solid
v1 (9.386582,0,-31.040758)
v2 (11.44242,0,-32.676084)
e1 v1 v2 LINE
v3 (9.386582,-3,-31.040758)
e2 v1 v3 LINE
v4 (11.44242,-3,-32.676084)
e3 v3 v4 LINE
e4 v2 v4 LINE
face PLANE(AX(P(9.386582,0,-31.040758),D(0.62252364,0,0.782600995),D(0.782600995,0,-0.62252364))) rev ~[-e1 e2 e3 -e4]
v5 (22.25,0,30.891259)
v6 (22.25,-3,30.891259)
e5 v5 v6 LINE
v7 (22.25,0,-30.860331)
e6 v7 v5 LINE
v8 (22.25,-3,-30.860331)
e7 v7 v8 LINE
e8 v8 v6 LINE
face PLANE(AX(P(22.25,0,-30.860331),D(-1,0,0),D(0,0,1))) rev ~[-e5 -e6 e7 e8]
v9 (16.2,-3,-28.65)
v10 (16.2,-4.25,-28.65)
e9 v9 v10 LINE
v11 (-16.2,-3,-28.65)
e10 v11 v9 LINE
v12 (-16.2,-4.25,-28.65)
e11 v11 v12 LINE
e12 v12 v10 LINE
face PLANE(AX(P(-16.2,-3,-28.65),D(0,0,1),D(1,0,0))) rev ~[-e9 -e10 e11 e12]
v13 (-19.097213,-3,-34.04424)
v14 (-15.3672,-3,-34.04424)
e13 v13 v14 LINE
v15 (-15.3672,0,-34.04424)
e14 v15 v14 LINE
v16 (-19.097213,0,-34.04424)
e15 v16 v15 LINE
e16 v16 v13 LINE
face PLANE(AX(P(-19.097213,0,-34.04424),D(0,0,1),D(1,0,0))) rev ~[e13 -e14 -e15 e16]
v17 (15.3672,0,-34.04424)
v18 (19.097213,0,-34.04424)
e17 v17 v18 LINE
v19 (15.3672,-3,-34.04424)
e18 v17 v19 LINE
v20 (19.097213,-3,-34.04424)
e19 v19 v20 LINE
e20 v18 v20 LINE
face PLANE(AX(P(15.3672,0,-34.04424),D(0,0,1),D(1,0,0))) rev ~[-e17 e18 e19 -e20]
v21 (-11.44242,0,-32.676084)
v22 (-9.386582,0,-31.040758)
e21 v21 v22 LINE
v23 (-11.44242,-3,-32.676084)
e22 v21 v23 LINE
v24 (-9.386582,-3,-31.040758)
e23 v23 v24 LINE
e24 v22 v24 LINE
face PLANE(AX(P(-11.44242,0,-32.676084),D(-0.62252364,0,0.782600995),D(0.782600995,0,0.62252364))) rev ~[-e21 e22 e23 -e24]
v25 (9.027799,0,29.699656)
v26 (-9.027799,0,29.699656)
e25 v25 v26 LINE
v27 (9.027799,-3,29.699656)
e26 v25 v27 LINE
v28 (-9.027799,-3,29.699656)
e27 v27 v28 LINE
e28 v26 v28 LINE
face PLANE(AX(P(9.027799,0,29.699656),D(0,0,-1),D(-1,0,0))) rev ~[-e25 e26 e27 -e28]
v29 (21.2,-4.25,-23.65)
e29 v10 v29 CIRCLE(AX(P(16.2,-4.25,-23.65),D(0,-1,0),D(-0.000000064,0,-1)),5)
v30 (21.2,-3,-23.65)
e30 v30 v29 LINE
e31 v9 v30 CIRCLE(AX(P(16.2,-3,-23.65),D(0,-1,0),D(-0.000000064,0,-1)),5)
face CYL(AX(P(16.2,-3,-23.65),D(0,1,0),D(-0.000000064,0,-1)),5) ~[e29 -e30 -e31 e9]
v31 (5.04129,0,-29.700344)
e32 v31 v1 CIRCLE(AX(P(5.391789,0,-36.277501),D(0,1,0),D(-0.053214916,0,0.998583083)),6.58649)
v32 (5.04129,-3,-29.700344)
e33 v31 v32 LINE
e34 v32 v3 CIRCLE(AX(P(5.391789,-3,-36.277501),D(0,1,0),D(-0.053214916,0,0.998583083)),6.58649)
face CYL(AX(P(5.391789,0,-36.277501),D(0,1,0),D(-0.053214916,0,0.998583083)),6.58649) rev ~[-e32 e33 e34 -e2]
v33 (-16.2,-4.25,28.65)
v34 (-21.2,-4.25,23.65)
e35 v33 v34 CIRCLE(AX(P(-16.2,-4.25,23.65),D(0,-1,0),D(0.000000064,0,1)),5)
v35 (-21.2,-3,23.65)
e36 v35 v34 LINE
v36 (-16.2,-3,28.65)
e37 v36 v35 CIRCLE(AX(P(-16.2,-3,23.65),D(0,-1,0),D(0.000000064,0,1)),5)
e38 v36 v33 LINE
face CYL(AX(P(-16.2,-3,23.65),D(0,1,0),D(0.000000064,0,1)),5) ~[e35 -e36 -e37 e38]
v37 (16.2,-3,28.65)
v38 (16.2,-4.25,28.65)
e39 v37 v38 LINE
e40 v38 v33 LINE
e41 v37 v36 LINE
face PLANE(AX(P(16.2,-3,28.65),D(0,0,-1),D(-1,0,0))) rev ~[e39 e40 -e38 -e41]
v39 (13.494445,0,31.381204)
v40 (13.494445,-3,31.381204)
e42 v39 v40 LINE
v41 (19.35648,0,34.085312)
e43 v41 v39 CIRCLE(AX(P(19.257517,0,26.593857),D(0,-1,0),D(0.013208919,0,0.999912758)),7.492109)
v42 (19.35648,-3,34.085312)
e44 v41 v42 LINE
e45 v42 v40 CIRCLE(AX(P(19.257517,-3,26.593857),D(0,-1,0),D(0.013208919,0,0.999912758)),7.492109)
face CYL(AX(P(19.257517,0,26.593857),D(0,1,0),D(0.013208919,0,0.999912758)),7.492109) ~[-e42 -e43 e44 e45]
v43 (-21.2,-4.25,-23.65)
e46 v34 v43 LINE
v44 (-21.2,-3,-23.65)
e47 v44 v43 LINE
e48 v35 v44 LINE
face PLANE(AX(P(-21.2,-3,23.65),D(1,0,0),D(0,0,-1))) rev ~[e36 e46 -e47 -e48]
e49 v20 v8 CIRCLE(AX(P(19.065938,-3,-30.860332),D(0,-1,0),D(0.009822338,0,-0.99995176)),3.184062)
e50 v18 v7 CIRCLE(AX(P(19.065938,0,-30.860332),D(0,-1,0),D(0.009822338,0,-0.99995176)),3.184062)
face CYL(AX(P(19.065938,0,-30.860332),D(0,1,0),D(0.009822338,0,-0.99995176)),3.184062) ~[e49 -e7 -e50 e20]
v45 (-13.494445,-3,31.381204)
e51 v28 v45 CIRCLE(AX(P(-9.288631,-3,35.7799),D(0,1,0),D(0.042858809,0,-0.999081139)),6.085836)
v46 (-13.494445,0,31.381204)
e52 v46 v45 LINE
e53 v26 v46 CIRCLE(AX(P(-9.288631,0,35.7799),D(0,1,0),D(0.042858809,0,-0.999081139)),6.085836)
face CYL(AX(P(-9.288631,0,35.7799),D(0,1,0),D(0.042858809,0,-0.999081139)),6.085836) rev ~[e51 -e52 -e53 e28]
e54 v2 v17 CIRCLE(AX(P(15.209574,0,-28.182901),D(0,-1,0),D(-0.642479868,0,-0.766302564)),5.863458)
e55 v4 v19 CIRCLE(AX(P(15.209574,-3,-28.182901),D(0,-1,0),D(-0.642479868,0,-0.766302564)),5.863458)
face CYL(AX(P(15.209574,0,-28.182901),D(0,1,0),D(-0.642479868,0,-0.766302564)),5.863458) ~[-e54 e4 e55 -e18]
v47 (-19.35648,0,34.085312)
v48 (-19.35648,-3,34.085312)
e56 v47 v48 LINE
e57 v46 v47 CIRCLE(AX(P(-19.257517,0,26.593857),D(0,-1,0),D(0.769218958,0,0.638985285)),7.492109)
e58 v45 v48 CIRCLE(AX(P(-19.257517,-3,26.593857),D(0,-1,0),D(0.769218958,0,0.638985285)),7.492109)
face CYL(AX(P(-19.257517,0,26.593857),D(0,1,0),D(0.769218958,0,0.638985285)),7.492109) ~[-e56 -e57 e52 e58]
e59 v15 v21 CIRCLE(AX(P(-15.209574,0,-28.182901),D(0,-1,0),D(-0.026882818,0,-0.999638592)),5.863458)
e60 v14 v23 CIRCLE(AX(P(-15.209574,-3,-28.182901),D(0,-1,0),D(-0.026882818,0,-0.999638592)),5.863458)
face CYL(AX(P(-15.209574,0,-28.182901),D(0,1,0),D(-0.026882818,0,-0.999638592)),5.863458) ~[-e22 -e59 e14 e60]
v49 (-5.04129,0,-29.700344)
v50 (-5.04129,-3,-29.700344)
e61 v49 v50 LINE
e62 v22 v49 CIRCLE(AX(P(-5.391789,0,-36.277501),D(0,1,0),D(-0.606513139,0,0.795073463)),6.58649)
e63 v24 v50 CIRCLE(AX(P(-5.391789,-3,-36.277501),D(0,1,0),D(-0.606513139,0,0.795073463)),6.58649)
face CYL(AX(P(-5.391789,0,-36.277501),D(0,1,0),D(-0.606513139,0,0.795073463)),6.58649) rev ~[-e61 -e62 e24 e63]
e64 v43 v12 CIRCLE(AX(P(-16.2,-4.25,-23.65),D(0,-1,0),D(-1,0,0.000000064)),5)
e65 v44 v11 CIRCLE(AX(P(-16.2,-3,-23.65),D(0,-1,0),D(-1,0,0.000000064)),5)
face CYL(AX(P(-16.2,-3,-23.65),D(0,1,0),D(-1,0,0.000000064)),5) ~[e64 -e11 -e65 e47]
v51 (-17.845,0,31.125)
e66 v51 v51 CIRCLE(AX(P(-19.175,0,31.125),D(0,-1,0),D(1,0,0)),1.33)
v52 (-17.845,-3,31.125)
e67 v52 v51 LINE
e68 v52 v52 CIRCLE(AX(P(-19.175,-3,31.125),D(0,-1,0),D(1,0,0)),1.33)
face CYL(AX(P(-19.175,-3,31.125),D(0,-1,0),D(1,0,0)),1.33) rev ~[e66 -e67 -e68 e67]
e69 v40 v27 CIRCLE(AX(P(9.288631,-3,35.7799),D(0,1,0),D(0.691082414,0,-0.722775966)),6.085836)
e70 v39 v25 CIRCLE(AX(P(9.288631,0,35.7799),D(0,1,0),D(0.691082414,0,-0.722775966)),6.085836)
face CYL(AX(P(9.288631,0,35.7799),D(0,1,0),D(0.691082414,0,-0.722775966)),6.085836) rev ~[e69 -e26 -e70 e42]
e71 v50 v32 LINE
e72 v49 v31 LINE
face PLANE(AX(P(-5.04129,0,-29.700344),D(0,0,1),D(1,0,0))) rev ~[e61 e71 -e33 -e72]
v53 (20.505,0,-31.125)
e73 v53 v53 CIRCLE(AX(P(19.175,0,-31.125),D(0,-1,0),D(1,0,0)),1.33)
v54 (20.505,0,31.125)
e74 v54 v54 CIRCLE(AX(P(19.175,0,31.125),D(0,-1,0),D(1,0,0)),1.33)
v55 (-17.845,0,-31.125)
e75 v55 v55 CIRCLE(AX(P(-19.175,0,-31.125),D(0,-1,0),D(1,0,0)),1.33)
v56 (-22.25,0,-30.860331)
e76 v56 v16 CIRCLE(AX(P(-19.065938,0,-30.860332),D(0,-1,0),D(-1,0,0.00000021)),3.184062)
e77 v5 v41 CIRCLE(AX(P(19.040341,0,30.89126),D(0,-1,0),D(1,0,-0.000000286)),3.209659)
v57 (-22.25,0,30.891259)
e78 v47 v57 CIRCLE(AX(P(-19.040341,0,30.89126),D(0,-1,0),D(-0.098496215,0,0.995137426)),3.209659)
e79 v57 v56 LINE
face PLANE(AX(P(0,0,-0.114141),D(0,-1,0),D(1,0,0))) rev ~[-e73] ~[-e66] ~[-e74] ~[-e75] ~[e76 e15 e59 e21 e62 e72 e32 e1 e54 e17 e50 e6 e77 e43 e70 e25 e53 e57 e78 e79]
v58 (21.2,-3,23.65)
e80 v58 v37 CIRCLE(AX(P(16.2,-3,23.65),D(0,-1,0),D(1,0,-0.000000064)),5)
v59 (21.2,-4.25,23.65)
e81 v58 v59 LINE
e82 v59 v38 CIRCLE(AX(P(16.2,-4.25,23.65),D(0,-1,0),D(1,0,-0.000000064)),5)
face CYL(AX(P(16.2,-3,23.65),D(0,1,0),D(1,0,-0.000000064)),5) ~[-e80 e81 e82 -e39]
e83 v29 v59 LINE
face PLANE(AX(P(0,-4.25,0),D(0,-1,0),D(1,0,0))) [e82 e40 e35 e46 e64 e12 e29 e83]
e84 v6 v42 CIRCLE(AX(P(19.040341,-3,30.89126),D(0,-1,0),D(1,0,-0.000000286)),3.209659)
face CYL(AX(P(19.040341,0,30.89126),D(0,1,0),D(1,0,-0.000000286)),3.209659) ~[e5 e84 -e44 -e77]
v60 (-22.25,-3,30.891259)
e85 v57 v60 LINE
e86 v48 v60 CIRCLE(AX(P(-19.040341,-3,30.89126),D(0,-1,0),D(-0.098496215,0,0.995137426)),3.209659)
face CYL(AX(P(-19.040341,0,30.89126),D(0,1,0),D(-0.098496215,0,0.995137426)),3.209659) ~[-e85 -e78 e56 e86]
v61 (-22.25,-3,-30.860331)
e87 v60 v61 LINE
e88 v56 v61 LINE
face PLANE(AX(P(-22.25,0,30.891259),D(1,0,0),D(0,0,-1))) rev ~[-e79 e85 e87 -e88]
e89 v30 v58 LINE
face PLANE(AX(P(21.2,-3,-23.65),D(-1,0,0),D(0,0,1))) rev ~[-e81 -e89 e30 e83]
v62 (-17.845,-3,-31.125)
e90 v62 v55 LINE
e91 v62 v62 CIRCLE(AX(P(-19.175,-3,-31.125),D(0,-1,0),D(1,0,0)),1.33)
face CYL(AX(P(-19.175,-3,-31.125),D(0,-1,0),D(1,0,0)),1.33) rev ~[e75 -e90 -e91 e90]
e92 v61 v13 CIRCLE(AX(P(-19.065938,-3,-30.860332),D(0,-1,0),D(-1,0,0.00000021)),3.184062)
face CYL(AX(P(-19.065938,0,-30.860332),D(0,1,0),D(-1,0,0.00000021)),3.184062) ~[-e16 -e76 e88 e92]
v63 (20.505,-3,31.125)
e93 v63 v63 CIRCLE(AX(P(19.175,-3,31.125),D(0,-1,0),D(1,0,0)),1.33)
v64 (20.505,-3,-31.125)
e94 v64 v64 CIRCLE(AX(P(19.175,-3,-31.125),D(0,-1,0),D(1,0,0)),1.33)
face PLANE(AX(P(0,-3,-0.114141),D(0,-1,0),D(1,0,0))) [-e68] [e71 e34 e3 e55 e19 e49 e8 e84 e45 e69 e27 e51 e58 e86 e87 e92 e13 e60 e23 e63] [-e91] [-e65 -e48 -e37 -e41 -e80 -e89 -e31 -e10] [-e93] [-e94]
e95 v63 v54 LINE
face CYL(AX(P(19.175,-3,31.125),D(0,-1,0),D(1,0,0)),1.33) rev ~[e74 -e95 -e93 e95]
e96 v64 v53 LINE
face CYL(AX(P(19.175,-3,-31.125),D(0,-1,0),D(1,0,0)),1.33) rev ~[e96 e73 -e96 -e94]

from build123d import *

# Parameters (mm, degrees)
F1_DEPTH = 3
F3_DEPTH = 1.25
F4_R     = 1.33
F5_DEPTH = 3.001


with BuildPart() as f1:
    # F0 (on Front) → F1 (new body)
    with BuildSketch(Plane.XZ):
        with BuildLine():
            ThreePointArc((-19.35648, 34.085312), (-21.41906, 33.046163), (-22.25, 30.891259))
            Line((-22.25, 30.891259), (-22.25, -30.860331))
            ThreePointArc((-22.25, -30.860331), (-21.32844, -33.100719), (-19.097213, -34.04424))
            Line((-19.097213, -34.04424), (-15.3672, -34.04424))
            ThreePointArc((-15.3672, -34.04424), (-13.279512, -33.719597), (-11.44242, -32.676084))
            Line((-11.44242, -32.676084), (-9.386582, -31.040758))
            ThreePointArc((-9.386582, -31.040758), (-7.333283, -29.983659), (-5.04129, -29.700344))
            Line((-5.04129, -29.700344), (0, -29.700344))
            Line((0, -29.700344), (5.04129, -29.700344))
            ThreePointArc((5.04129, -29.700344), (7.333283, -29.983659), (9.386582, -31.040758))
            Line((9.386582, -31.040758), (11.44242, -32.676084))
            ThreePointArc((11.44242, -32.676084), (13.279512, -33.719597), (15.3672, -34.04424))
            Line((15.3672, -34.04424), (19.097213, -34.04424))
            ThreePointArc((19.097213, -34.04424), (21.32844, -33.100719), (22.25, -30.860331))
            Line((22.25, -30.860331), (22.25, 30.891259))
            ThreePointArc((22.25, 30.891259), (21.41906, 33.046163), (19.35648, 34.085312))
            ThreePointArc((19.35648, 34.085312), (16.119272, 33.397026), (13.494445, 31.381204))
            ThreePointArc((13.494445, 31.381204), (11.432837, 30.084307), (9.027799, 29.699656))
            Line((9.027799, 29.699656), (0, 29.699656))
            Line((0, 29.699656), (-9.027799, 29.699656))
            ThreePointArc((-9.027799, 29.699656), (-11.432837, 30.084307), (-13.494445, 31.381204))
            ThreePointArc((-13.494445, 31.381204), (-16.119272, 33.397026), (-19.35648, 34.085312))
        make_face()
    extrude(amount=F1_DEPTH)

    # F2 (on face) → F3 (join)
    with BuildSketch(Plane.XZ.offset(3)):
        with BuildLine():
            Line((16.2, 28.65), (-16.2, 28.65))
            ThreePointArc((-16.2, 28.65), (-19.735534, 27.185534), (-21.2, 23.65))
            Line((-21.2, 23.65), (-21.2, -23.65))
            ThreePointArc((-21.2, -23.65), (-19.735534, -27.185534), (-16.2, -28.65))
            Line((-16.2, -28.65), (16.2, -28.65))
            ThreePointArc((16.2, -28.65), (19.735534, -27.185534), (21.2, -23.65))
            Line((21.2, -23.65), (21.2, 23.65))
            ThreePointArc((21.2, 23.65), (19.735534, 27.185534), (16.2, 28.65))
        make_face()
    extrude(amount=F3_DEPTH)

    # F4 (on face) → F5 (cut, through all)
    with BuildSketch(Plane.XZ.offset(3)):
        with Locations((-19.175, 31.125)):
            Circle(F4_R)
        with Locations((19.175, 31.125)):
            Circle(F4_R)
        with Locations((19.175, -31.125)):
            Circle(F4_R)
        with Locations((-19.175, -31.125)):
            Circle(F4_R)
    extrude(amount=-F5_DEPTH, mode=Mode.SUBTRACT)


solid = f1.part
